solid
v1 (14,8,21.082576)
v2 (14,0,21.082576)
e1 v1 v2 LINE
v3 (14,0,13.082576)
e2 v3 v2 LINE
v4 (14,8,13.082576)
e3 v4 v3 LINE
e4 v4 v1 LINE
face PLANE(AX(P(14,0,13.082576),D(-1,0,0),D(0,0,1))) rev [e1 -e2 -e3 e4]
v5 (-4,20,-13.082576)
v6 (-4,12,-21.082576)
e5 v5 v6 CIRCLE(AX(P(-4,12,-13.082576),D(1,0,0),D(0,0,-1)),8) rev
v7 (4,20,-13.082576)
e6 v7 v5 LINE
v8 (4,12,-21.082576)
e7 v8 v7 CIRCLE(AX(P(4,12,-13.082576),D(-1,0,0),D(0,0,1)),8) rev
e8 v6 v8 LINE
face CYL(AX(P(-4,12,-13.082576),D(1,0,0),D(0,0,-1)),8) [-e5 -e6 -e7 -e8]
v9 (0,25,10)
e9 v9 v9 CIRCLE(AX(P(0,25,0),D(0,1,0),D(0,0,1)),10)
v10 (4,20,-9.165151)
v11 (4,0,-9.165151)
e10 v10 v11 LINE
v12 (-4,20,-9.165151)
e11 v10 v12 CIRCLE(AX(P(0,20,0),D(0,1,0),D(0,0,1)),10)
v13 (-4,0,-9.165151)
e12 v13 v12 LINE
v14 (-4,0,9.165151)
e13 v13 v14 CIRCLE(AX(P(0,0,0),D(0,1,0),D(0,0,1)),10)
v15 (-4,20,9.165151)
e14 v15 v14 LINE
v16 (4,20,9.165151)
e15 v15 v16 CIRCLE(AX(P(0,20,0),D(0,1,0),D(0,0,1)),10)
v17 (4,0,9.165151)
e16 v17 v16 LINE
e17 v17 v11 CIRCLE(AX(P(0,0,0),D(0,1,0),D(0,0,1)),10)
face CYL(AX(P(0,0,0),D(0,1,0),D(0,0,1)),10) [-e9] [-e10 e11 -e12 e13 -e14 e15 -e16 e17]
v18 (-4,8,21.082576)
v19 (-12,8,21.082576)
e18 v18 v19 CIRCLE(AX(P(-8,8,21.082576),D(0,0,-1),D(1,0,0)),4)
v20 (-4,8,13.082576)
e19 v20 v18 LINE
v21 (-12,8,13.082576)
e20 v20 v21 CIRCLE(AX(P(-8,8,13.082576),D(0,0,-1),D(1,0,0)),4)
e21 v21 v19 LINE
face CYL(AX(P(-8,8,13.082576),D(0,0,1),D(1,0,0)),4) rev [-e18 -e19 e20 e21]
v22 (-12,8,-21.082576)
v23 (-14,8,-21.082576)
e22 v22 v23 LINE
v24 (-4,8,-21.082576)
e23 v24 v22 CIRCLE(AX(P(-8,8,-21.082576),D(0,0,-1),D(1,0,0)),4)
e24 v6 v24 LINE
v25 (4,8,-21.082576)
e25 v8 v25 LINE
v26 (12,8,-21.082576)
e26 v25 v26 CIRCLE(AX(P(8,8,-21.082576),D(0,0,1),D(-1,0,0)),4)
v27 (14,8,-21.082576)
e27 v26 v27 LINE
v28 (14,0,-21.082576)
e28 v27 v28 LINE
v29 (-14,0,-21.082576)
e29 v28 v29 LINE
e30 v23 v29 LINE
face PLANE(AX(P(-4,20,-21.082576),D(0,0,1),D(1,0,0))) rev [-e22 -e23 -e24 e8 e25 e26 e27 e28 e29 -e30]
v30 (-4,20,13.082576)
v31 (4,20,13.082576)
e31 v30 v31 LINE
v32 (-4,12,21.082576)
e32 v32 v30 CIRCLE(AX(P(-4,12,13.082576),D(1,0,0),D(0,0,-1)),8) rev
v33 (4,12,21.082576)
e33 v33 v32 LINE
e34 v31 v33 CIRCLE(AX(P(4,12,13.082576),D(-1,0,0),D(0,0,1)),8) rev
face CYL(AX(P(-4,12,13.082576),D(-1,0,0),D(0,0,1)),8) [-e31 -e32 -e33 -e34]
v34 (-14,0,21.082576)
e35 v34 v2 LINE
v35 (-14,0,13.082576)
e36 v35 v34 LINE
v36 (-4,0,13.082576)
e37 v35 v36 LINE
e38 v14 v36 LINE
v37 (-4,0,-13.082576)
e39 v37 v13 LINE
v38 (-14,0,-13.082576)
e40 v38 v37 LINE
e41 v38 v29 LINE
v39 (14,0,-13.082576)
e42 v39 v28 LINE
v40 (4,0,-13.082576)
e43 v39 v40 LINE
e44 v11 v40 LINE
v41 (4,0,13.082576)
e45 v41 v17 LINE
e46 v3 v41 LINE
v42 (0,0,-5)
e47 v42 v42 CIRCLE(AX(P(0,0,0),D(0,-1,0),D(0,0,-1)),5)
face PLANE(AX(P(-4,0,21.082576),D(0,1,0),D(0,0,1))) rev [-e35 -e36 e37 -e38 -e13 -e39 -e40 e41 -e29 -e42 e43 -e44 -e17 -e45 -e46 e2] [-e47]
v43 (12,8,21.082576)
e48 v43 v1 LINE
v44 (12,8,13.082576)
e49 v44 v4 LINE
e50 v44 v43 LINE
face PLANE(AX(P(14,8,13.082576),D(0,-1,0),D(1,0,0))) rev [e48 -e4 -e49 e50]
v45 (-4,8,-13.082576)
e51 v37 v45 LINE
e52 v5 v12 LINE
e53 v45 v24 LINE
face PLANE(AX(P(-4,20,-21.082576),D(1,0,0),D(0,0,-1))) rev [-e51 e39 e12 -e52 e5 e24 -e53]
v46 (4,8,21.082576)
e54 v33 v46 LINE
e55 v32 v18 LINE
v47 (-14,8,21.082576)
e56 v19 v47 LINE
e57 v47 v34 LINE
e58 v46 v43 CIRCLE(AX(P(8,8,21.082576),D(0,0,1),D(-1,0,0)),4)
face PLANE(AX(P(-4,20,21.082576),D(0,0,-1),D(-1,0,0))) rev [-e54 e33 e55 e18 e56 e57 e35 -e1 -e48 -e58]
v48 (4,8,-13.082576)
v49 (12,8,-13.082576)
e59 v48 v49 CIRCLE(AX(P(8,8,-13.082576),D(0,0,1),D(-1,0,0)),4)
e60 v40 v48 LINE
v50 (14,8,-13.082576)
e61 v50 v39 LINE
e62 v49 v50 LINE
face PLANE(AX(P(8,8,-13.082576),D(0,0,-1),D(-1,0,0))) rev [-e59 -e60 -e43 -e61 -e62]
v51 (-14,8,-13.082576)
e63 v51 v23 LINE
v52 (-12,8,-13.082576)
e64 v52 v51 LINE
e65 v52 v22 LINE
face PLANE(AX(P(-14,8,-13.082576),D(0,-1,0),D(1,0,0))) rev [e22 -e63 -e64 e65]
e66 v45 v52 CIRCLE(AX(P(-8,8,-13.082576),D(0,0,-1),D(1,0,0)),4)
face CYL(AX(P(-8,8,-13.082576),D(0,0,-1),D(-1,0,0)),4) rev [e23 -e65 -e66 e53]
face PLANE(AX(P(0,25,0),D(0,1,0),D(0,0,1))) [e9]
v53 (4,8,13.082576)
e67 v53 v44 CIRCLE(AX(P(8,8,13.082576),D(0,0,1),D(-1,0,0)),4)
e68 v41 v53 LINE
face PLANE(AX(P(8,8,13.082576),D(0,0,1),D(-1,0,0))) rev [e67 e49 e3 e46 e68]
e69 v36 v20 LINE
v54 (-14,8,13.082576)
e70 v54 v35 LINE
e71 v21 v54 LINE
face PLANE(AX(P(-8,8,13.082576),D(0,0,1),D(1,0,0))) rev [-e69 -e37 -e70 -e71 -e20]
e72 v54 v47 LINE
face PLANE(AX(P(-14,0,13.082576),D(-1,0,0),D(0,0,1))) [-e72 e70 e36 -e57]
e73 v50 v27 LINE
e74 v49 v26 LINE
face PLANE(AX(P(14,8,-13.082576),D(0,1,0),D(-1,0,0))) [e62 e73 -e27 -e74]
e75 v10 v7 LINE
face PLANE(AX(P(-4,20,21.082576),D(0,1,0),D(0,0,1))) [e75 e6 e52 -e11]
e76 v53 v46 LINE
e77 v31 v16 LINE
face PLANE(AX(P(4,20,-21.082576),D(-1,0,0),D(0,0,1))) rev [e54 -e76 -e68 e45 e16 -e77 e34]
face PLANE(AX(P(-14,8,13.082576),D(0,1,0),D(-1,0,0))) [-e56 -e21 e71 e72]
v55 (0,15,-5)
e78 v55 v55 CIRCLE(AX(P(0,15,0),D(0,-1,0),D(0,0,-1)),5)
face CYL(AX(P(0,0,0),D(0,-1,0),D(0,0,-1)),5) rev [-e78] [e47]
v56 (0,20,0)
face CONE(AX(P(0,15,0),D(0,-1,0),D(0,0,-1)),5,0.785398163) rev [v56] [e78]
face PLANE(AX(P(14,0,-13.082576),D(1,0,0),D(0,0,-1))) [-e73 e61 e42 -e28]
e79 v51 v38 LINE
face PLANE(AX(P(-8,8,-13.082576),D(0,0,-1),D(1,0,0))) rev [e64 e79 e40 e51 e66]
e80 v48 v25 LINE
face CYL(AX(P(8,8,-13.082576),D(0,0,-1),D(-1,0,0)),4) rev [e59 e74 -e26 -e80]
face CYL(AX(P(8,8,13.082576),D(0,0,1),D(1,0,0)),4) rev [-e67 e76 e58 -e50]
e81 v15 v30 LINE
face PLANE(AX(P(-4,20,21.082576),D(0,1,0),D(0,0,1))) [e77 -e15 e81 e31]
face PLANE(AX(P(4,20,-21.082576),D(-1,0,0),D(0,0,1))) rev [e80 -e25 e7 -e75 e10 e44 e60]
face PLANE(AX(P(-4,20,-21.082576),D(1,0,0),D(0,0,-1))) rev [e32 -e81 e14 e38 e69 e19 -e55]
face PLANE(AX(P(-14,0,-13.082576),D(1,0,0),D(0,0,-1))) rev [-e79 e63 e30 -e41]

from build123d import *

# Parameters (mm, degrees)
SKETCH2_W                = 8
SKETCH2_H                = 42.16515139
BOSS_EXTRUDE3_DEPTH      = 20
BOSS_EXTRUDE4_DEPTH      = 5
BOSS_EXTRUDE4_DEPTH_BACK = 20
SKETCH4_R                = 10
HOLE1_D                  = 10
HOLE1_DEPTH              = 15
HOLE1_TIP                = 5
BOSS_EXTRUDE5_DEPTH      = 8
MIRROR3_COPY_1_DEPTH     = 8
FILLET1_R                = 8


with BuildPart() as part:
    # Sketch2 → Boss-Extrude3 (new body)
    with BuildSketch(Plane(origin=(0, 0, 0), x_dir=(1, 0, 0), z_dir=(0, 1, 0))):
        Rectangle(SKETCH2_W, SKETCH2_H)
    extrude(amount=BOSS_EXTRUDE3_DEPTH)

    # Sketch4 → Boss-Extrude4 (add, two sides: drawn at the far end of the back side and taken through both)
    with BuildSketch(Plane(origin=(0, 20, 0), x_dir=(-1, 0, 0), z_dir=(0, 1, 0)).offset(-BOSS_EXTRUDE4_DEPTH_BACK)):
        with Locations(Location((0, 0, 0), (0, 0, 90))):
            Circle(SKETCH4_R)
    extrude(amount=BOSS_EXTRUDE4_DEPTH + BOSS_EXTRUDE4_DEPTH_BACK)

    # Hole1
    with Locations(Plane.XZ):
        with Locations((0, 0)):
            Hole(HOLE1_D / 2, depth=HOLE1_DEPTH)
            with Locations((0, 0, -(HOLE1_DEPTH + HOLE1_TIP / 2))):  # 90° drill point
                Cone(0, HOLE1_D / 2, HOLE1_TIP, mode=Mode.SUBTRACT)

    # Sketch10 → Boss-Extrude5 (add)
    with BuildSketch(Plane.XY.offset(21.082575695)):
        with BuildLine():
            Line((-4, 0), (-14, 0))
            Line((-14, 0), (-14, 8))
            Line((-14, 8), (-12, 8))
            ThreePointArc((-12, 8), (-8, 4), (-4, 8))
            Line((-4, 8), (-4, 0))
        make_face()
    boss_extrude5 = extrude(amount=-BOSS_EXTRUDE5_DEPTH)

    # Mirror2: Boss-Extrude5 across plane
    add(boss_extrude5.mirror(Plane(origin=(0, 0, 0), x_dir=(0, 0, 1), z_dir=(1, 0, 0))))

    # Mirror3: Boss-Extrude5 across plane
    add(boss_extrude5.mirror(Plane.XY))

    # Mirror3 copy 1 sketch → Mirror3 copy 1 (add)
    with BuildSketch(Plane(origin=(0, 0, -21.082575695), x_dir=(-1, 0, 0), z_dir=(0, 0, -1))):
        with BuildLine():
            Line((-4, 0), (-14, 0))
            Line((-14, 0), (-14, 8))
            Line((-14, 8), (-12, 8))
            ThreePointArc((-12, 8), (-8, 4), (-4, 8))
            Line((-4, 8), (-4, 0))
        make_face()
    extrude(amount=-MIRROR3_COPY_1_DEPTH)

    # Fillet1
    fillet1_edges = [part.edges().sort_by_distance(p)[0] for p in [
        (0, 20, -21.082575695),
        (0, 20, 21.082575695),
    ]]
    fillet(fillet1_edges, radius=FILLET1_R)


solid = part.part
